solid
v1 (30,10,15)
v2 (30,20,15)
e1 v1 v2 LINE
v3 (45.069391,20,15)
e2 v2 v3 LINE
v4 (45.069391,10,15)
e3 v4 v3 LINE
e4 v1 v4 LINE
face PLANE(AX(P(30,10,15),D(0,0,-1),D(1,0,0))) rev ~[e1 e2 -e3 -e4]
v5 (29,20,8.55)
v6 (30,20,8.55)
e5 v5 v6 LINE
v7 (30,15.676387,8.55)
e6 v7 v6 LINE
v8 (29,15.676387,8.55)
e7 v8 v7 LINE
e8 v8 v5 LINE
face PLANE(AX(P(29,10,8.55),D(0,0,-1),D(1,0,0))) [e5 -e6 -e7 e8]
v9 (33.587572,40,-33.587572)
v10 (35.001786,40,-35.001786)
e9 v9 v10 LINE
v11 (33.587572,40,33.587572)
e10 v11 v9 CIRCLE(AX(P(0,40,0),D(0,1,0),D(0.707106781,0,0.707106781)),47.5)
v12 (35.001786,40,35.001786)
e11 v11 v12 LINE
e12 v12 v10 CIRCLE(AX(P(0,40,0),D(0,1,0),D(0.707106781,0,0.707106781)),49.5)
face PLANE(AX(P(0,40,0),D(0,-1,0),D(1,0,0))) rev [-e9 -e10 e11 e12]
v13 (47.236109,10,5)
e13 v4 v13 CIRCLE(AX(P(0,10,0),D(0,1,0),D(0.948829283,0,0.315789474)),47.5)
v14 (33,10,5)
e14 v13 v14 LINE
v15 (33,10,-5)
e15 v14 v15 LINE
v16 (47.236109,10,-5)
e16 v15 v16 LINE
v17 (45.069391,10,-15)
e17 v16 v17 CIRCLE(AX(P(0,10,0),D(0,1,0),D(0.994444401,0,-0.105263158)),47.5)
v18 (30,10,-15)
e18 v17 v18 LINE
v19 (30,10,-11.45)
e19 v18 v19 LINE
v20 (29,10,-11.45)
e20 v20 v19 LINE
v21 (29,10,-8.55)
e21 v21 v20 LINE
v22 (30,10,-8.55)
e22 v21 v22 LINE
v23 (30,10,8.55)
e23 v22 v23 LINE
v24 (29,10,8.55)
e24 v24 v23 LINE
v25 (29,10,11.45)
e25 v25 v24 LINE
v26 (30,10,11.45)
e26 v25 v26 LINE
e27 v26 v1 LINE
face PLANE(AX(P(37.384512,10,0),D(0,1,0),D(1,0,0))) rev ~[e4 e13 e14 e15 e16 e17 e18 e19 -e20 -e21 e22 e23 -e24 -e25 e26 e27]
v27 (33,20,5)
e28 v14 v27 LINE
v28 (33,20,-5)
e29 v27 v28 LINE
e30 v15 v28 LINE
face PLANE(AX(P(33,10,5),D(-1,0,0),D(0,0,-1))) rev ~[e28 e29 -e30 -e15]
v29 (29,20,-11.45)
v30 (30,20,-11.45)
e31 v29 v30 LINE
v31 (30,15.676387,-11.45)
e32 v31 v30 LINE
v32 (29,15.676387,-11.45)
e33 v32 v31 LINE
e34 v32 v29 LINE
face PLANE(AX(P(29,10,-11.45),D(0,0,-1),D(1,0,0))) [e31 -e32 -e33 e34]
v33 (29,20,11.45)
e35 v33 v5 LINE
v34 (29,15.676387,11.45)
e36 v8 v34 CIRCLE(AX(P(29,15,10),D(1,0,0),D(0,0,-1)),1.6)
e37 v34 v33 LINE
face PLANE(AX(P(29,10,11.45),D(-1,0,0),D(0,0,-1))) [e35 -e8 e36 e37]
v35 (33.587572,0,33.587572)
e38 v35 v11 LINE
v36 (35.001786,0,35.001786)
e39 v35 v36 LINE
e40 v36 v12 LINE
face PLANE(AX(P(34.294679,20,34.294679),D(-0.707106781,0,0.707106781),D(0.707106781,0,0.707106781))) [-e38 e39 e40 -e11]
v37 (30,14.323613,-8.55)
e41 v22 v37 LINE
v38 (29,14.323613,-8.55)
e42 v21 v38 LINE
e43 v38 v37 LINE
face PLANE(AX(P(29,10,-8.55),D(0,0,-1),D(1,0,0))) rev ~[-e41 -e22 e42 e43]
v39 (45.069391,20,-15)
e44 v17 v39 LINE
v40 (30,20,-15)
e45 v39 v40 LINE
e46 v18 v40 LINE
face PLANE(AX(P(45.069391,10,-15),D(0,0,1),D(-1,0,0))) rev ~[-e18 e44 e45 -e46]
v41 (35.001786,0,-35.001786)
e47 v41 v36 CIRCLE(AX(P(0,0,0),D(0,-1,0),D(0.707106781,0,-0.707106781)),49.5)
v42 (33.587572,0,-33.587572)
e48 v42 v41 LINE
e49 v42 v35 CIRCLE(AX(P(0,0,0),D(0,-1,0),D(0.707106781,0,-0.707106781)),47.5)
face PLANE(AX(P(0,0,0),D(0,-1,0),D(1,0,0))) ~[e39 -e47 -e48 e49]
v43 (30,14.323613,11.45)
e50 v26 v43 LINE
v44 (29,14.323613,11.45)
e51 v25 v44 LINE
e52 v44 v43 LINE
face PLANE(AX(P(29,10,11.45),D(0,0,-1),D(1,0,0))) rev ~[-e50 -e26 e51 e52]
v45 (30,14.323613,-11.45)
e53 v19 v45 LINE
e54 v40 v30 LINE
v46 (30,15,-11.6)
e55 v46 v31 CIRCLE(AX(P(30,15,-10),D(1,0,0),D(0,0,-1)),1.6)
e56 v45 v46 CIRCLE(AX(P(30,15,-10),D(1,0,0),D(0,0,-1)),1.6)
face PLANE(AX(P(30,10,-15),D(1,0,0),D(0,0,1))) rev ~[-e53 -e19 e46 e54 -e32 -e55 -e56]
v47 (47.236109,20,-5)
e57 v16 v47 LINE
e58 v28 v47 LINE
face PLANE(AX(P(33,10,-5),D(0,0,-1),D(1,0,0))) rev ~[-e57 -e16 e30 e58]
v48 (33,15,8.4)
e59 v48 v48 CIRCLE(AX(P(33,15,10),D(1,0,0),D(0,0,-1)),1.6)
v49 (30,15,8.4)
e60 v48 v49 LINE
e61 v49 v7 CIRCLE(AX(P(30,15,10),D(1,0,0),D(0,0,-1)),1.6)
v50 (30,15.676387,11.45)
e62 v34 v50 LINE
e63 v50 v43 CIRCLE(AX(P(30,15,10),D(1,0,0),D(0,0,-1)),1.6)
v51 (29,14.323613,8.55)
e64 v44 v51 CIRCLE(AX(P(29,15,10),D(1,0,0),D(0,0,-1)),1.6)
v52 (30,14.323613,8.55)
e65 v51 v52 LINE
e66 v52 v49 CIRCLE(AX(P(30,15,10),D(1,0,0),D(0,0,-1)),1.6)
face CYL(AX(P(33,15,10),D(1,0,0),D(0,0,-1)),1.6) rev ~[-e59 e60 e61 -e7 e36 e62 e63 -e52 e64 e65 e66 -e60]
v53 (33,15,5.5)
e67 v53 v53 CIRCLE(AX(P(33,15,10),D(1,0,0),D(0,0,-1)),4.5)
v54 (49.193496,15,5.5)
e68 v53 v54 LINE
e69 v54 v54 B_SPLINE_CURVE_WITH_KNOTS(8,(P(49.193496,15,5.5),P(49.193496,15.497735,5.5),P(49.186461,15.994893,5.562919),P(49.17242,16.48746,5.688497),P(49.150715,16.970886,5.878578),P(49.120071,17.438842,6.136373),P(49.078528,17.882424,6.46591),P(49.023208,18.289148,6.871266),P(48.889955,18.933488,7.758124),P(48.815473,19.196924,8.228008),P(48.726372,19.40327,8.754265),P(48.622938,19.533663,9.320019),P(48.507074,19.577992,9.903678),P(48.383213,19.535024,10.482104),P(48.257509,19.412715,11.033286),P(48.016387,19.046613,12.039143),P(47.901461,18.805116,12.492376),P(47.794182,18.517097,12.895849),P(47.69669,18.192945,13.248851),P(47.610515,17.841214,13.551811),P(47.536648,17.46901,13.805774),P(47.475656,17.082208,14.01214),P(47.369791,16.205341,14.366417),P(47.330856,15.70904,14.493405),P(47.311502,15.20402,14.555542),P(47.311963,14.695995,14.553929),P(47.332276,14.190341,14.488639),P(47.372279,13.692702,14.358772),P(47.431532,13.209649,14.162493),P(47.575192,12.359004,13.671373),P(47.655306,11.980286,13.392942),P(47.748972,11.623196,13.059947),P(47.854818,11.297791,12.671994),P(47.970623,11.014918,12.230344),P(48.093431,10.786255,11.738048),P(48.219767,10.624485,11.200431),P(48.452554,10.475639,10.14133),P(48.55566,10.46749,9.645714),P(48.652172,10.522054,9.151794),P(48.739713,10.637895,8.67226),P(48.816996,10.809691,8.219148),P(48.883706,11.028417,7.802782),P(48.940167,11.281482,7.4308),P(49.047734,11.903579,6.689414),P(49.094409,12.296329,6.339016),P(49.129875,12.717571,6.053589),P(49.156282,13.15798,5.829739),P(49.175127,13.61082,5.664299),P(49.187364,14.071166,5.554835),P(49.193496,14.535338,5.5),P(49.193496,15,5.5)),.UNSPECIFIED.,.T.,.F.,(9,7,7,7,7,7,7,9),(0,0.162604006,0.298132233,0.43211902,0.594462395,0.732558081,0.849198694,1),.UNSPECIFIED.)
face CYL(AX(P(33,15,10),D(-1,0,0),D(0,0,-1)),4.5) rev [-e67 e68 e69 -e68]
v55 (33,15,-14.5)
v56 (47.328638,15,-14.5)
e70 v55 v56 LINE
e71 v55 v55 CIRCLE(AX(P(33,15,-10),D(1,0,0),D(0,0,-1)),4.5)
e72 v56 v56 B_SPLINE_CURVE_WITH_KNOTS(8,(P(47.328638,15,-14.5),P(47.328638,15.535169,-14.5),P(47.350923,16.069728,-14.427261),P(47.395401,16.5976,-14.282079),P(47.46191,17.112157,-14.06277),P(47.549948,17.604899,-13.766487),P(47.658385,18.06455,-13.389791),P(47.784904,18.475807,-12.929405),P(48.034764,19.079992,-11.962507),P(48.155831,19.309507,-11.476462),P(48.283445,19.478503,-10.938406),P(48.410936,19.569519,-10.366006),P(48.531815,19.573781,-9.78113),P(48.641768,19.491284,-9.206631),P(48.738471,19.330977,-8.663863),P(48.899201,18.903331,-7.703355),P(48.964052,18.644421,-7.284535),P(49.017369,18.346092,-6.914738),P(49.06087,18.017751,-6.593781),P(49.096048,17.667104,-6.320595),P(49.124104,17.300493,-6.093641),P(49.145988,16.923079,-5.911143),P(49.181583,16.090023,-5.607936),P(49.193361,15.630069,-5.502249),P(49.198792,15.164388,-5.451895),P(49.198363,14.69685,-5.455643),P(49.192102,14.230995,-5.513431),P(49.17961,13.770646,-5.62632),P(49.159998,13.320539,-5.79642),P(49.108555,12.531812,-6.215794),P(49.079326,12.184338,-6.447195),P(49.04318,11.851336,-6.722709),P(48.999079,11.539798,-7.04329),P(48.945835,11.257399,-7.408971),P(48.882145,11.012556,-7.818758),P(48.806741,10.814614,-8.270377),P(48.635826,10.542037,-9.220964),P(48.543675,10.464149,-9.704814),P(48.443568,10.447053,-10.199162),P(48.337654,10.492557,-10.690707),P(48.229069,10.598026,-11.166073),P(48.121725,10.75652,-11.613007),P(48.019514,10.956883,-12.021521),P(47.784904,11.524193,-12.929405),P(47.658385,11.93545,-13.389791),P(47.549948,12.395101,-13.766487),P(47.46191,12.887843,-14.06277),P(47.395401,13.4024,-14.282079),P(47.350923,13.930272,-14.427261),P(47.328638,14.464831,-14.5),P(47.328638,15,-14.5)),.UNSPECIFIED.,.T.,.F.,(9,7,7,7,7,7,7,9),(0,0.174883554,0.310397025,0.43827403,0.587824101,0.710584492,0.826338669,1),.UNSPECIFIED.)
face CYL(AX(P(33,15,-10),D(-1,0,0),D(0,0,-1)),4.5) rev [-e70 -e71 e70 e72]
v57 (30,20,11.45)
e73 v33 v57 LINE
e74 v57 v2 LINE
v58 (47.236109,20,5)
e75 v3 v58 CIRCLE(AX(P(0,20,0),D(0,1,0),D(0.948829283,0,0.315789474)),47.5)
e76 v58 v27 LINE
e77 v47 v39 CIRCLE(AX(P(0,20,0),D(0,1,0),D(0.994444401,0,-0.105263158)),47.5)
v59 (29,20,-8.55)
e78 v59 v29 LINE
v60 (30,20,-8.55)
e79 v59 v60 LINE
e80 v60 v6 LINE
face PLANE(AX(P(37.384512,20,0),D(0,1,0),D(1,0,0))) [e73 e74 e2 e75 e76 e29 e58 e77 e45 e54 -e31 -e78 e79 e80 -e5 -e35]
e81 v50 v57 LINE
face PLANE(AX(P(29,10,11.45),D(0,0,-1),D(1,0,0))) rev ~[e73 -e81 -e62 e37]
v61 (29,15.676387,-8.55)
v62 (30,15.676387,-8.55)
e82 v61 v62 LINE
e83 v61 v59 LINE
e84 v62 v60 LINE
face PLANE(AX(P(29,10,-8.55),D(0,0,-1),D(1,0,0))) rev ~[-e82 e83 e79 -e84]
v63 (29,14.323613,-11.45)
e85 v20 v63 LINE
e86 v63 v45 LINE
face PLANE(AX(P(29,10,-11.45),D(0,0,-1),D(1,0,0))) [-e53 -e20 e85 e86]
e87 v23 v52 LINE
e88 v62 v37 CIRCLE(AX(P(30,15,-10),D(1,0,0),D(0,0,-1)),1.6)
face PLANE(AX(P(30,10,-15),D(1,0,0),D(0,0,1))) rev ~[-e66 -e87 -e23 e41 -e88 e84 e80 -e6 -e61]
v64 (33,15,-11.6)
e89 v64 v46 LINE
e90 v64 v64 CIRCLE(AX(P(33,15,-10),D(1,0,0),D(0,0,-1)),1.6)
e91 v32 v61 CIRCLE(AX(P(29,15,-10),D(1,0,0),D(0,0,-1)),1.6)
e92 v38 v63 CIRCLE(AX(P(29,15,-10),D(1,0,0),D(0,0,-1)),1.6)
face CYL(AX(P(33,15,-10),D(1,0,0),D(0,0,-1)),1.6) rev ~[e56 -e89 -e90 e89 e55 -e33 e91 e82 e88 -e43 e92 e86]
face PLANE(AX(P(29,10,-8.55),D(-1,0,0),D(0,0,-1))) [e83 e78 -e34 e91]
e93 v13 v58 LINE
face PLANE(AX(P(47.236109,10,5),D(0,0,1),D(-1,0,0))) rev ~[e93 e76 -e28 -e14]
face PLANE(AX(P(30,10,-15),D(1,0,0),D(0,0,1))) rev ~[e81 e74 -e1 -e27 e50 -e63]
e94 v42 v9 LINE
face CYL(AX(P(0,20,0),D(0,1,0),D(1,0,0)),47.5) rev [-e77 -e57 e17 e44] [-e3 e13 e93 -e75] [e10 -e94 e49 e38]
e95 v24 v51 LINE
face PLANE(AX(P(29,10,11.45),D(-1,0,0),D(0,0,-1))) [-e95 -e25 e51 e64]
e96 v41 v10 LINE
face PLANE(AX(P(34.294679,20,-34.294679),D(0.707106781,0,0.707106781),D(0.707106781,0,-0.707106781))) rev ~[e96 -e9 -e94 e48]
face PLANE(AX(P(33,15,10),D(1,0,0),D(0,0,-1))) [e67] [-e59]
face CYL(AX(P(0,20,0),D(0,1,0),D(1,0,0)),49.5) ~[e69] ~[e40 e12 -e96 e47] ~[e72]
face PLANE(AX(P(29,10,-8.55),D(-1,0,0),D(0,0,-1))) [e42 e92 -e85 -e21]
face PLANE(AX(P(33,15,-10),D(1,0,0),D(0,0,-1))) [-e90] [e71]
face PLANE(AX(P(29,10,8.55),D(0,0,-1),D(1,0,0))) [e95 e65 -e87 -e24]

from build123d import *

# Parameters (mm, degrees)
SKETCH1_W      = 2
SKETCH1_H      = 40
MAIN_ANGLE     = 90
SUPPORT_DEPTH  = 10
SKETCH6_W      = 1
SKETCH6_H      = 2.9
FIX_2_DEPTH    = 10
SKETCH9_R      = 1.6
HOLES_DEPTH    = 5
SKETCH10_R     = 4.5
BIGHOLES_DEPTH = 17.5


with BuildPart() as part:
    # Sketch1 → Main (revolve, symmetric)
    with BuildSketch(Plane.XY) as main_sk:
        with Locations((48.5, 20)):
            Rectangle(SKETCH1_W, SKETCH1_H)
    revolve(axis=Axis((0, -0.284703924, 0), (0, 1, 0)), revolution_arc=MAIN_ANGLE / 2)
    revolve(main_sk.sketch, axis=Axis((0, -0.284703924, 0), (0, -1, 0)), revolution_arc=MAIN_ANGLE / 2)

    # Sketch2 → Support (add)
    with BuildSketch(Plane(origin=(0, 10, 0), x_dir=(-1, 0, 0), z_dir=(0, -1, 0))):
        with BuildLine():
            Line((-47.236109069, -5), (-33, -5))
            Line((-33, -5), (-33, 5))
            Line((-33, 5), (-47.236109069, 5))
            ThreePointArc((-47.236109069, 5), (-46.422799712, 10.058512159), (-45.069390943, 15))
            Line((-45.069390943, 15), (-30, 15))
            Line((-30, 15), (-30, -15))
            Line((-30, -15), (-45.069390943, -15))
            ThreePointArc((-45.069390943, -15), (-46.422799712, -10.058512159), (-47.236109069, -5))
        make_face()
    extrude(amount=-SUPPORT_DEPTH)

    # Sketch6 → Fix 2 (add)
    with BuildSketch(Plane(origin=(0, 10, 0), x_dir=(1, 0, 0), z_dir=(0, 1, 0))):
        with Locations((29.5, -10)):
            Rectangle(SKETCH6_W, SKETCH6_H)
        with Locations((29.5, 10)):
            Rectangle(SKETCH6_W, SKETCH6_H)
    extrude(amount=FIX_2_DEPTH)

    # Sketch9 → Holes (cut, through all)
    with BuildSketch(Plane(origin=(33, 0, 0), x_dir=(0, 0, -1), z_dir=(1, 0, 0))):
        with Locations((10, 15)):
            Circle(SKETCH9_R)
        with Locations((-10, 15)):
            Circle(SKETCH9_R)
    extrude(amount=-HOLES_DEPTH, mode=Mode.SUBTRACT)

    # Sketch10 → BigHoles (cut, through all)
    with BuildSketch(Plane(origin=(33, 0, 0), x_dir=(0, 0, -1), z_dir=(1, 0, 0))):
        with Locations((10, 15)):
            Circle(SKETCH10_R)
        with Locations((-10, 15)):
            Circle(SKETCH10_R)
    extrude(amount=BIGHOLES_DEPTH, mode=Mode.SUBTRACT)


solid = part.part
